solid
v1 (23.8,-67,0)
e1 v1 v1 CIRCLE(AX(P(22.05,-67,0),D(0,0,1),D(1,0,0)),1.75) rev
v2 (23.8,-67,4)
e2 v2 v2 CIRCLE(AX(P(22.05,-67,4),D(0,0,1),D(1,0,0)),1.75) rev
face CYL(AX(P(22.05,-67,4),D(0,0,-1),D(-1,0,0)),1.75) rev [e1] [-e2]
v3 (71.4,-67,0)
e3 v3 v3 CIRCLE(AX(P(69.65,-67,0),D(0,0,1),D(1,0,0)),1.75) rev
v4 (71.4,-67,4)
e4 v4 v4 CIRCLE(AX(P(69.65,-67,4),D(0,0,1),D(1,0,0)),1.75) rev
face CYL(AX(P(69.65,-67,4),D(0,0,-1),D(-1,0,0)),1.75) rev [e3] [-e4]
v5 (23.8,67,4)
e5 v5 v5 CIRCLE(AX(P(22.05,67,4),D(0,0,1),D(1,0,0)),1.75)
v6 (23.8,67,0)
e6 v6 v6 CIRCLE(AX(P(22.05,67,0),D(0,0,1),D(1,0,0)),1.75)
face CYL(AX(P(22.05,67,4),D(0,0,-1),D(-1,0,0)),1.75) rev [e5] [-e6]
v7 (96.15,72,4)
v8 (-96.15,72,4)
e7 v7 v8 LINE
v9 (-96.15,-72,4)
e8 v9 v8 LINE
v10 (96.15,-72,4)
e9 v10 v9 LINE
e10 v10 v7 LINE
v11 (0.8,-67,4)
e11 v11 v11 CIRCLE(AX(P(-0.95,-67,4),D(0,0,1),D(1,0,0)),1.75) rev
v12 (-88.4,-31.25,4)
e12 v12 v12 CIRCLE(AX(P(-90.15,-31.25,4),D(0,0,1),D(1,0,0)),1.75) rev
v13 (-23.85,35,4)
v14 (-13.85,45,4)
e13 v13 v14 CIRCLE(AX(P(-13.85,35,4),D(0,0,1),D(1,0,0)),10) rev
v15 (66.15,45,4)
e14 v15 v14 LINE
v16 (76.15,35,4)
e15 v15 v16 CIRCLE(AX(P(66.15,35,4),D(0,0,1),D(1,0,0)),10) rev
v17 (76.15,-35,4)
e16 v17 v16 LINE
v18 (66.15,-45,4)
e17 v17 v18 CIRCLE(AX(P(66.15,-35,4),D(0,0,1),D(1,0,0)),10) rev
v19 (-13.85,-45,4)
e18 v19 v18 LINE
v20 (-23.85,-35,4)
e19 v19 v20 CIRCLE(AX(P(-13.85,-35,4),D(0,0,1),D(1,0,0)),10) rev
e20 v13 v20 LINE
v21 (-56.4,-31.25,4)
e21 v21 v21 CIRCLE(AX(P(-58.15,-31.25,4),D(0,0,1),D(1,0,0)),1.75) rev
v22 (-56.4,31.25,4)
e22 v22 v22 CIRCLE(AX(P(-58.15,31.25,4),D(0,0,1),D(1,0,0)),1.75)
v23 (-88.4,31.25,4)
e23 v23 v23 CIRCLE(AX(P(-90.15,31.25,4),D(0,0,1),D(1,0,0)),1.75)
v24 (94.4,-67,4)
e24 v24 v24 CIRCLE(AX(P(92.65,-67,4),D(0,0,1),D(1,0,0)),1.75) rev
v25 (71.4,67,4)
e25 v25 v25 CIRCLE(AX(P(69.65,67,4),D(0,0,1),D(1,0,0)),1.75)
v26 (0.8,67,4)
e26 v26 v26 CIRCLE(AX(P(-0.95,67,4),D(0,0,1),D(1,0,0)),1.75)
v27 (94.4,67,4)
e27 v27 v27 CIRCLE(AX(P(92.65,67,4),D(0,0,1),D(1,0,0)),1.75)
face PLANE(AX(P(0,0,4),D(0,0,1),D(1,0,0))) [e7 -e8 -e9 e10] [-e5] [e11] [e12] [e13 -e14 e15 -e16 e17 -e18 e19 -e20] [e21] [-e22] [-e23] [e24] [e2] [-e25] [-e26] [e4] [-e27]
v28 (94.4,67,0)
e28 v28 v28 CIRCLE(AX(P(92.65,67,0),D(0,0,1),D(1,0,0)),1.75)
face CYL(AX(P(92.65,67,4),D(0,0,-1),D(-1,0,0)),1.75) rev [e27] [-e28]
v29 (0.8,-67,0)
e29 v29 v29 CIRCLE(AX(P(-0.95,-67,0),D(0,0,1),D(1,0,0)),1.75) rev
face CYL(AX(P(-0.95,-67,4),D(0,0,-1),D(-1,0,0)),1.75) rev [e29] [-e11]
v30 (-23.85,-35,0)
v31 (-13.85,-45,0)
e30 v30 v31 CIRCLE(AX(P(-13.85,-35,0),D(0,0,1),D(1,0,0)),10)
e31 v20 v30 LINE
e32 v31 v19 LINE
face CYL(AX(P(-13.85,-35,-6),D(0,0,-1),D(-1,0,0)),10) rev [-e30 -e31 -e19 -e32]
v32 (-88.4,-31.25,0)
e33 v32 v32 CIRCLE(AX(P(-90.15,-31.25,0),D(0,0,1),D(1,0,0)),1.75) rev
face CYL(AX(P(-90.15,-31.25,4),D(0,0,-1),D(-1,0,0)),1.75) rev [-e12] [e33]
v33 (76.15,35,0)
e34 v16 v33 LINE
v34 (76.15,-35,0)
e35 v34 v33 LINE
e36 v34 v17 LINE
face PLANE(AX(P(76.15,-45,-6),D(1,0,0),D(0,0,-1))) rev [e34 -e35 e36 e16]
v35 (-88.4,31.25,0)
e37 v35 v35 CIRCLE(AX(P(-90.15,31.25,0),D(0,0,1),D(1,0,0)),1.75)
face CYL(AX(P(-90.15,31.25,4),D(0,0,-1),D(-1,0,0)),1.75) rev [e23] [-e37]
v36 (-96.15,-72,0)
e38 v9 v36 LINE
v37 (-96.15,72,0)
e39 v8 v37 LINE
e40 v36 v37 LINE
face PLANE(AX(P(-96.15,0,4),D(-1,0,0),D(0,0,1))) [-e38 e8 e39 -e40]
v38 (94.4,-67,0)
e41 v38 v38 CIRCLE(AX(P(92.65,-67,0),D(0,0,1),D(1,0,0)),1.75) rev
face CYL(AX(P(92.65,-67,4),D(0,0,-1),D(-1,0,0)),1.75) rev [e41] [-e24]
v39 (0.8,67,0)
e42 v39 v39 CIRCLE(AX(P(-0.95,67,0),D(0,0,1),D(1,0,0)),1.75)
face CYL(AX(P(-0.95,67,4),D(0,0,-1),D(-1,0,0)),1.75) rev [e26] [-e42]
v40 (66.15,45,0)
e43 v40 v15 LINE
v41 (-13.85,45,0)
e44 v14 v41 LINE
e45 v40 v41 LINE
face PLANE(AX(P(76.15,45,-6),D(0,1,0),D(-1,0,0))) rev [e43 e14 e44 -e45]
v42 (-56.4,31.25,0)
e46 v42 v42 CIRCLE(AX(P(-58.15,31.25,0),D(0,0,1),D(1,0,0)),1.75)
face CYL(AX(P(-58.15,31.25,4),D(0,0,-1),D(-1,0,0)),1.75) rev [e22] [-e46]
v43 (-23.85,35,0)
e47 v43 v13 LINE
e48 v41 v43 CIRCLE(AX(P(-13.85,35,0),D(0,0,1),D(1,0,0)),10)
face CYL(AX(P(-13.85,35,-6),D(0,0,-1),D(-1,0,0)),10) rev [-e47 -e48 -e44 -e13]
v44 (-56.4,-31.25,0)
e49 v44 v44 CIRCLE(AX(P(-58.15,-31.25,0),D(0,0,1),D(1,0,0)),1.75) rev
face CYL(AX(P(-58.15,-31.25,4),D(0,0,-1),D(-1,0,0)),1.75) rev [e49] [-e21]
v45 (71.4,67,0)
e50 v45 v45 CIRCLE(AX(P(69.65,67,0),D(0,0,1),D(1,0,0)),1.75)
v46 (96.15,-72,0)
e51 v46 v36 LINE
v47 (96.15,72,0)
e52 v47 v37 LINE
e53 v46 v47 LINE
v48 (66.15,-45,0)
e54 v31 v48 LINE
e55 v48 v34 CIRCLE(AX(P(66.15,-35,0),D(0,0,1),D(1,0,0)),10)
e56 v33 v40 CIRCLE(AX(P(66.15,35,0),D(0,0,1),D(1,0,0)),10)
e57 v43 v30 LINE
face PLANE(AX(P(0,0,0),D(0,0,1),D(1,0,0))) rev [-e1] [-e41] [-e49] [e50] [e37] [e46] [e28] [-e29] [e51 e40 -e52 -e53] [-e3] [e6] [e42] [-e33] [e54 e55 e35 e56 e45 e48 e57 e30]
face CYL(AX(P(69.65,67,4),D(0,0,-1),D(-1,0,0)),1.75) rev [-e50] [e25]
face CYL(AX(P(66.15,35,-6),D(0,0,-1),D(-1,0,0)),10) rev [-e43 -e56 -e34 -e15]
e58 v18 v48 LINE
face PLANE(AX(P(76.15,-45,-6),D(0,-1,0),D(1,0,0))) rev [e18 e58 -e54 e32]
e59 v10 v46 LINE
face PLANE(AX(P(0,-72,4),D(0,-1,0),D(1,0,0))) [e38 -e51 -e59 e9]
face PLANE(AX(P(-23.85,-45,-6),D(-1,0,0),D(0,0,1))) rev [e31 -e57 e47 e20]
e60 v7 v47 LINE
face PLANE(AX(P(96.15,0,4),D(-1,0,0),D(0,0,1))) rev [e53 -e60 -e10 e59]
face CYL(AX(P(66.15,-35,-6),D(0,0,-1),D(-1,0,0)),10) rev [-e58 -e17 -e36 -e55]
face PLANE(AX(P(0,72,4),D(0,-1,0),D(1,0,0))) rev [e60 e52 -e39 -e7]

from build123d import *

# Parameters (mm, degrees)
SKETCH_1_W          = 192.3
SKETCH_1_H          = 144
SKETCH_1_R          = 1.75
EXTRUDE_1_DEPTH     = 4
SKETCH_2_W          = 100
SKETCH_2_H          = 90
CUT_EXTRUDE_1_DEPTH = 10
FILLET_1_R          = 10


with BuildPart() as part:
    # ｽｹｯﾁ1 → ﾎﾞｽ - 押し出し1 (new body)
    with BuildSketch(Plane.XY):
        Rectangle(SKETCH_1_W, SKETCH_1_H)
        with Locations((92.65, 67)):
            Circle(SKETCH_1_R, mode=Mode.SUBTRACT)
        with Locations((69.65, 67)):
            Circle(SKETCH_1_R, mode=Mode.SUBTRACT)
        with Locations((22.05, 67)):
            Circle(SKETCH_1_R, mode=Mode.SUBTRACT)
        with Locations((-0.95, 67)):
            Circle(SKETCH_1_R, mode=Mode.SUBTRACT)
        with Locations((-0.95, -67)):
            Circle(SKETCH_1_R, mode=Mode.SUBTRACT)
        with Locations((22.05, -67)):
            Circle(SKETCH_1_R, mode=Mode.SUBTRACT)
        with Locations((69.65, -67)):
            Circle(SKETCH_1_R, mode=Mode.SUBTRACT)
        with Locations((92.65, -67)):
            Circle(SKETCH_1_R, mode=Mode.SUBTRACT)
        with Locations((-90.15, 31.25)):
            Circle(SKETCH_1_R, mode=Mode.SUBTRACT)
        with Locations((-90.15, -31.25)):
            Circle(SKETCH_1_R, mode=Mode.SUBTRACT)
        with Locations((-58.15, 31.25)):
            Circle(SKETCH_1_R, mode=Mode.SUBTRACT)
        with Locations((-58.15, -31.25)):
            Circle(SKETCH_1_R, mode=Mode.SUBTRACT)
    extrude(amount=EXTRUDE_1_DEPTH)

    # ｽｹｯﾁ2 → ｶｯﾄ - 押し出し1 (cut)
    with BuildSketch(Plane.XY.offset(4)):
        with Locations((26.15, 0)):
            Rectangle(SKETCH_2_W, SKETCH_2_H)
    extrude(amount=-CUT_EXTRUDE_1_DEPTH, mode=Mode.SUBTRACT)

    # ﾌｨﾚｯﾄ1
    fillet_1_edges = [part.edges().sort_by_distance(p)[0] for p in [
        (-23.85, -45, 2),
        (-23.85, 45, 2),
        (76.15, 45, 2),
        (76.15, -45, 2),
    ]]
    fillet(fillet_1_edges, radius=FILLET_1_R)


solid = part.part
